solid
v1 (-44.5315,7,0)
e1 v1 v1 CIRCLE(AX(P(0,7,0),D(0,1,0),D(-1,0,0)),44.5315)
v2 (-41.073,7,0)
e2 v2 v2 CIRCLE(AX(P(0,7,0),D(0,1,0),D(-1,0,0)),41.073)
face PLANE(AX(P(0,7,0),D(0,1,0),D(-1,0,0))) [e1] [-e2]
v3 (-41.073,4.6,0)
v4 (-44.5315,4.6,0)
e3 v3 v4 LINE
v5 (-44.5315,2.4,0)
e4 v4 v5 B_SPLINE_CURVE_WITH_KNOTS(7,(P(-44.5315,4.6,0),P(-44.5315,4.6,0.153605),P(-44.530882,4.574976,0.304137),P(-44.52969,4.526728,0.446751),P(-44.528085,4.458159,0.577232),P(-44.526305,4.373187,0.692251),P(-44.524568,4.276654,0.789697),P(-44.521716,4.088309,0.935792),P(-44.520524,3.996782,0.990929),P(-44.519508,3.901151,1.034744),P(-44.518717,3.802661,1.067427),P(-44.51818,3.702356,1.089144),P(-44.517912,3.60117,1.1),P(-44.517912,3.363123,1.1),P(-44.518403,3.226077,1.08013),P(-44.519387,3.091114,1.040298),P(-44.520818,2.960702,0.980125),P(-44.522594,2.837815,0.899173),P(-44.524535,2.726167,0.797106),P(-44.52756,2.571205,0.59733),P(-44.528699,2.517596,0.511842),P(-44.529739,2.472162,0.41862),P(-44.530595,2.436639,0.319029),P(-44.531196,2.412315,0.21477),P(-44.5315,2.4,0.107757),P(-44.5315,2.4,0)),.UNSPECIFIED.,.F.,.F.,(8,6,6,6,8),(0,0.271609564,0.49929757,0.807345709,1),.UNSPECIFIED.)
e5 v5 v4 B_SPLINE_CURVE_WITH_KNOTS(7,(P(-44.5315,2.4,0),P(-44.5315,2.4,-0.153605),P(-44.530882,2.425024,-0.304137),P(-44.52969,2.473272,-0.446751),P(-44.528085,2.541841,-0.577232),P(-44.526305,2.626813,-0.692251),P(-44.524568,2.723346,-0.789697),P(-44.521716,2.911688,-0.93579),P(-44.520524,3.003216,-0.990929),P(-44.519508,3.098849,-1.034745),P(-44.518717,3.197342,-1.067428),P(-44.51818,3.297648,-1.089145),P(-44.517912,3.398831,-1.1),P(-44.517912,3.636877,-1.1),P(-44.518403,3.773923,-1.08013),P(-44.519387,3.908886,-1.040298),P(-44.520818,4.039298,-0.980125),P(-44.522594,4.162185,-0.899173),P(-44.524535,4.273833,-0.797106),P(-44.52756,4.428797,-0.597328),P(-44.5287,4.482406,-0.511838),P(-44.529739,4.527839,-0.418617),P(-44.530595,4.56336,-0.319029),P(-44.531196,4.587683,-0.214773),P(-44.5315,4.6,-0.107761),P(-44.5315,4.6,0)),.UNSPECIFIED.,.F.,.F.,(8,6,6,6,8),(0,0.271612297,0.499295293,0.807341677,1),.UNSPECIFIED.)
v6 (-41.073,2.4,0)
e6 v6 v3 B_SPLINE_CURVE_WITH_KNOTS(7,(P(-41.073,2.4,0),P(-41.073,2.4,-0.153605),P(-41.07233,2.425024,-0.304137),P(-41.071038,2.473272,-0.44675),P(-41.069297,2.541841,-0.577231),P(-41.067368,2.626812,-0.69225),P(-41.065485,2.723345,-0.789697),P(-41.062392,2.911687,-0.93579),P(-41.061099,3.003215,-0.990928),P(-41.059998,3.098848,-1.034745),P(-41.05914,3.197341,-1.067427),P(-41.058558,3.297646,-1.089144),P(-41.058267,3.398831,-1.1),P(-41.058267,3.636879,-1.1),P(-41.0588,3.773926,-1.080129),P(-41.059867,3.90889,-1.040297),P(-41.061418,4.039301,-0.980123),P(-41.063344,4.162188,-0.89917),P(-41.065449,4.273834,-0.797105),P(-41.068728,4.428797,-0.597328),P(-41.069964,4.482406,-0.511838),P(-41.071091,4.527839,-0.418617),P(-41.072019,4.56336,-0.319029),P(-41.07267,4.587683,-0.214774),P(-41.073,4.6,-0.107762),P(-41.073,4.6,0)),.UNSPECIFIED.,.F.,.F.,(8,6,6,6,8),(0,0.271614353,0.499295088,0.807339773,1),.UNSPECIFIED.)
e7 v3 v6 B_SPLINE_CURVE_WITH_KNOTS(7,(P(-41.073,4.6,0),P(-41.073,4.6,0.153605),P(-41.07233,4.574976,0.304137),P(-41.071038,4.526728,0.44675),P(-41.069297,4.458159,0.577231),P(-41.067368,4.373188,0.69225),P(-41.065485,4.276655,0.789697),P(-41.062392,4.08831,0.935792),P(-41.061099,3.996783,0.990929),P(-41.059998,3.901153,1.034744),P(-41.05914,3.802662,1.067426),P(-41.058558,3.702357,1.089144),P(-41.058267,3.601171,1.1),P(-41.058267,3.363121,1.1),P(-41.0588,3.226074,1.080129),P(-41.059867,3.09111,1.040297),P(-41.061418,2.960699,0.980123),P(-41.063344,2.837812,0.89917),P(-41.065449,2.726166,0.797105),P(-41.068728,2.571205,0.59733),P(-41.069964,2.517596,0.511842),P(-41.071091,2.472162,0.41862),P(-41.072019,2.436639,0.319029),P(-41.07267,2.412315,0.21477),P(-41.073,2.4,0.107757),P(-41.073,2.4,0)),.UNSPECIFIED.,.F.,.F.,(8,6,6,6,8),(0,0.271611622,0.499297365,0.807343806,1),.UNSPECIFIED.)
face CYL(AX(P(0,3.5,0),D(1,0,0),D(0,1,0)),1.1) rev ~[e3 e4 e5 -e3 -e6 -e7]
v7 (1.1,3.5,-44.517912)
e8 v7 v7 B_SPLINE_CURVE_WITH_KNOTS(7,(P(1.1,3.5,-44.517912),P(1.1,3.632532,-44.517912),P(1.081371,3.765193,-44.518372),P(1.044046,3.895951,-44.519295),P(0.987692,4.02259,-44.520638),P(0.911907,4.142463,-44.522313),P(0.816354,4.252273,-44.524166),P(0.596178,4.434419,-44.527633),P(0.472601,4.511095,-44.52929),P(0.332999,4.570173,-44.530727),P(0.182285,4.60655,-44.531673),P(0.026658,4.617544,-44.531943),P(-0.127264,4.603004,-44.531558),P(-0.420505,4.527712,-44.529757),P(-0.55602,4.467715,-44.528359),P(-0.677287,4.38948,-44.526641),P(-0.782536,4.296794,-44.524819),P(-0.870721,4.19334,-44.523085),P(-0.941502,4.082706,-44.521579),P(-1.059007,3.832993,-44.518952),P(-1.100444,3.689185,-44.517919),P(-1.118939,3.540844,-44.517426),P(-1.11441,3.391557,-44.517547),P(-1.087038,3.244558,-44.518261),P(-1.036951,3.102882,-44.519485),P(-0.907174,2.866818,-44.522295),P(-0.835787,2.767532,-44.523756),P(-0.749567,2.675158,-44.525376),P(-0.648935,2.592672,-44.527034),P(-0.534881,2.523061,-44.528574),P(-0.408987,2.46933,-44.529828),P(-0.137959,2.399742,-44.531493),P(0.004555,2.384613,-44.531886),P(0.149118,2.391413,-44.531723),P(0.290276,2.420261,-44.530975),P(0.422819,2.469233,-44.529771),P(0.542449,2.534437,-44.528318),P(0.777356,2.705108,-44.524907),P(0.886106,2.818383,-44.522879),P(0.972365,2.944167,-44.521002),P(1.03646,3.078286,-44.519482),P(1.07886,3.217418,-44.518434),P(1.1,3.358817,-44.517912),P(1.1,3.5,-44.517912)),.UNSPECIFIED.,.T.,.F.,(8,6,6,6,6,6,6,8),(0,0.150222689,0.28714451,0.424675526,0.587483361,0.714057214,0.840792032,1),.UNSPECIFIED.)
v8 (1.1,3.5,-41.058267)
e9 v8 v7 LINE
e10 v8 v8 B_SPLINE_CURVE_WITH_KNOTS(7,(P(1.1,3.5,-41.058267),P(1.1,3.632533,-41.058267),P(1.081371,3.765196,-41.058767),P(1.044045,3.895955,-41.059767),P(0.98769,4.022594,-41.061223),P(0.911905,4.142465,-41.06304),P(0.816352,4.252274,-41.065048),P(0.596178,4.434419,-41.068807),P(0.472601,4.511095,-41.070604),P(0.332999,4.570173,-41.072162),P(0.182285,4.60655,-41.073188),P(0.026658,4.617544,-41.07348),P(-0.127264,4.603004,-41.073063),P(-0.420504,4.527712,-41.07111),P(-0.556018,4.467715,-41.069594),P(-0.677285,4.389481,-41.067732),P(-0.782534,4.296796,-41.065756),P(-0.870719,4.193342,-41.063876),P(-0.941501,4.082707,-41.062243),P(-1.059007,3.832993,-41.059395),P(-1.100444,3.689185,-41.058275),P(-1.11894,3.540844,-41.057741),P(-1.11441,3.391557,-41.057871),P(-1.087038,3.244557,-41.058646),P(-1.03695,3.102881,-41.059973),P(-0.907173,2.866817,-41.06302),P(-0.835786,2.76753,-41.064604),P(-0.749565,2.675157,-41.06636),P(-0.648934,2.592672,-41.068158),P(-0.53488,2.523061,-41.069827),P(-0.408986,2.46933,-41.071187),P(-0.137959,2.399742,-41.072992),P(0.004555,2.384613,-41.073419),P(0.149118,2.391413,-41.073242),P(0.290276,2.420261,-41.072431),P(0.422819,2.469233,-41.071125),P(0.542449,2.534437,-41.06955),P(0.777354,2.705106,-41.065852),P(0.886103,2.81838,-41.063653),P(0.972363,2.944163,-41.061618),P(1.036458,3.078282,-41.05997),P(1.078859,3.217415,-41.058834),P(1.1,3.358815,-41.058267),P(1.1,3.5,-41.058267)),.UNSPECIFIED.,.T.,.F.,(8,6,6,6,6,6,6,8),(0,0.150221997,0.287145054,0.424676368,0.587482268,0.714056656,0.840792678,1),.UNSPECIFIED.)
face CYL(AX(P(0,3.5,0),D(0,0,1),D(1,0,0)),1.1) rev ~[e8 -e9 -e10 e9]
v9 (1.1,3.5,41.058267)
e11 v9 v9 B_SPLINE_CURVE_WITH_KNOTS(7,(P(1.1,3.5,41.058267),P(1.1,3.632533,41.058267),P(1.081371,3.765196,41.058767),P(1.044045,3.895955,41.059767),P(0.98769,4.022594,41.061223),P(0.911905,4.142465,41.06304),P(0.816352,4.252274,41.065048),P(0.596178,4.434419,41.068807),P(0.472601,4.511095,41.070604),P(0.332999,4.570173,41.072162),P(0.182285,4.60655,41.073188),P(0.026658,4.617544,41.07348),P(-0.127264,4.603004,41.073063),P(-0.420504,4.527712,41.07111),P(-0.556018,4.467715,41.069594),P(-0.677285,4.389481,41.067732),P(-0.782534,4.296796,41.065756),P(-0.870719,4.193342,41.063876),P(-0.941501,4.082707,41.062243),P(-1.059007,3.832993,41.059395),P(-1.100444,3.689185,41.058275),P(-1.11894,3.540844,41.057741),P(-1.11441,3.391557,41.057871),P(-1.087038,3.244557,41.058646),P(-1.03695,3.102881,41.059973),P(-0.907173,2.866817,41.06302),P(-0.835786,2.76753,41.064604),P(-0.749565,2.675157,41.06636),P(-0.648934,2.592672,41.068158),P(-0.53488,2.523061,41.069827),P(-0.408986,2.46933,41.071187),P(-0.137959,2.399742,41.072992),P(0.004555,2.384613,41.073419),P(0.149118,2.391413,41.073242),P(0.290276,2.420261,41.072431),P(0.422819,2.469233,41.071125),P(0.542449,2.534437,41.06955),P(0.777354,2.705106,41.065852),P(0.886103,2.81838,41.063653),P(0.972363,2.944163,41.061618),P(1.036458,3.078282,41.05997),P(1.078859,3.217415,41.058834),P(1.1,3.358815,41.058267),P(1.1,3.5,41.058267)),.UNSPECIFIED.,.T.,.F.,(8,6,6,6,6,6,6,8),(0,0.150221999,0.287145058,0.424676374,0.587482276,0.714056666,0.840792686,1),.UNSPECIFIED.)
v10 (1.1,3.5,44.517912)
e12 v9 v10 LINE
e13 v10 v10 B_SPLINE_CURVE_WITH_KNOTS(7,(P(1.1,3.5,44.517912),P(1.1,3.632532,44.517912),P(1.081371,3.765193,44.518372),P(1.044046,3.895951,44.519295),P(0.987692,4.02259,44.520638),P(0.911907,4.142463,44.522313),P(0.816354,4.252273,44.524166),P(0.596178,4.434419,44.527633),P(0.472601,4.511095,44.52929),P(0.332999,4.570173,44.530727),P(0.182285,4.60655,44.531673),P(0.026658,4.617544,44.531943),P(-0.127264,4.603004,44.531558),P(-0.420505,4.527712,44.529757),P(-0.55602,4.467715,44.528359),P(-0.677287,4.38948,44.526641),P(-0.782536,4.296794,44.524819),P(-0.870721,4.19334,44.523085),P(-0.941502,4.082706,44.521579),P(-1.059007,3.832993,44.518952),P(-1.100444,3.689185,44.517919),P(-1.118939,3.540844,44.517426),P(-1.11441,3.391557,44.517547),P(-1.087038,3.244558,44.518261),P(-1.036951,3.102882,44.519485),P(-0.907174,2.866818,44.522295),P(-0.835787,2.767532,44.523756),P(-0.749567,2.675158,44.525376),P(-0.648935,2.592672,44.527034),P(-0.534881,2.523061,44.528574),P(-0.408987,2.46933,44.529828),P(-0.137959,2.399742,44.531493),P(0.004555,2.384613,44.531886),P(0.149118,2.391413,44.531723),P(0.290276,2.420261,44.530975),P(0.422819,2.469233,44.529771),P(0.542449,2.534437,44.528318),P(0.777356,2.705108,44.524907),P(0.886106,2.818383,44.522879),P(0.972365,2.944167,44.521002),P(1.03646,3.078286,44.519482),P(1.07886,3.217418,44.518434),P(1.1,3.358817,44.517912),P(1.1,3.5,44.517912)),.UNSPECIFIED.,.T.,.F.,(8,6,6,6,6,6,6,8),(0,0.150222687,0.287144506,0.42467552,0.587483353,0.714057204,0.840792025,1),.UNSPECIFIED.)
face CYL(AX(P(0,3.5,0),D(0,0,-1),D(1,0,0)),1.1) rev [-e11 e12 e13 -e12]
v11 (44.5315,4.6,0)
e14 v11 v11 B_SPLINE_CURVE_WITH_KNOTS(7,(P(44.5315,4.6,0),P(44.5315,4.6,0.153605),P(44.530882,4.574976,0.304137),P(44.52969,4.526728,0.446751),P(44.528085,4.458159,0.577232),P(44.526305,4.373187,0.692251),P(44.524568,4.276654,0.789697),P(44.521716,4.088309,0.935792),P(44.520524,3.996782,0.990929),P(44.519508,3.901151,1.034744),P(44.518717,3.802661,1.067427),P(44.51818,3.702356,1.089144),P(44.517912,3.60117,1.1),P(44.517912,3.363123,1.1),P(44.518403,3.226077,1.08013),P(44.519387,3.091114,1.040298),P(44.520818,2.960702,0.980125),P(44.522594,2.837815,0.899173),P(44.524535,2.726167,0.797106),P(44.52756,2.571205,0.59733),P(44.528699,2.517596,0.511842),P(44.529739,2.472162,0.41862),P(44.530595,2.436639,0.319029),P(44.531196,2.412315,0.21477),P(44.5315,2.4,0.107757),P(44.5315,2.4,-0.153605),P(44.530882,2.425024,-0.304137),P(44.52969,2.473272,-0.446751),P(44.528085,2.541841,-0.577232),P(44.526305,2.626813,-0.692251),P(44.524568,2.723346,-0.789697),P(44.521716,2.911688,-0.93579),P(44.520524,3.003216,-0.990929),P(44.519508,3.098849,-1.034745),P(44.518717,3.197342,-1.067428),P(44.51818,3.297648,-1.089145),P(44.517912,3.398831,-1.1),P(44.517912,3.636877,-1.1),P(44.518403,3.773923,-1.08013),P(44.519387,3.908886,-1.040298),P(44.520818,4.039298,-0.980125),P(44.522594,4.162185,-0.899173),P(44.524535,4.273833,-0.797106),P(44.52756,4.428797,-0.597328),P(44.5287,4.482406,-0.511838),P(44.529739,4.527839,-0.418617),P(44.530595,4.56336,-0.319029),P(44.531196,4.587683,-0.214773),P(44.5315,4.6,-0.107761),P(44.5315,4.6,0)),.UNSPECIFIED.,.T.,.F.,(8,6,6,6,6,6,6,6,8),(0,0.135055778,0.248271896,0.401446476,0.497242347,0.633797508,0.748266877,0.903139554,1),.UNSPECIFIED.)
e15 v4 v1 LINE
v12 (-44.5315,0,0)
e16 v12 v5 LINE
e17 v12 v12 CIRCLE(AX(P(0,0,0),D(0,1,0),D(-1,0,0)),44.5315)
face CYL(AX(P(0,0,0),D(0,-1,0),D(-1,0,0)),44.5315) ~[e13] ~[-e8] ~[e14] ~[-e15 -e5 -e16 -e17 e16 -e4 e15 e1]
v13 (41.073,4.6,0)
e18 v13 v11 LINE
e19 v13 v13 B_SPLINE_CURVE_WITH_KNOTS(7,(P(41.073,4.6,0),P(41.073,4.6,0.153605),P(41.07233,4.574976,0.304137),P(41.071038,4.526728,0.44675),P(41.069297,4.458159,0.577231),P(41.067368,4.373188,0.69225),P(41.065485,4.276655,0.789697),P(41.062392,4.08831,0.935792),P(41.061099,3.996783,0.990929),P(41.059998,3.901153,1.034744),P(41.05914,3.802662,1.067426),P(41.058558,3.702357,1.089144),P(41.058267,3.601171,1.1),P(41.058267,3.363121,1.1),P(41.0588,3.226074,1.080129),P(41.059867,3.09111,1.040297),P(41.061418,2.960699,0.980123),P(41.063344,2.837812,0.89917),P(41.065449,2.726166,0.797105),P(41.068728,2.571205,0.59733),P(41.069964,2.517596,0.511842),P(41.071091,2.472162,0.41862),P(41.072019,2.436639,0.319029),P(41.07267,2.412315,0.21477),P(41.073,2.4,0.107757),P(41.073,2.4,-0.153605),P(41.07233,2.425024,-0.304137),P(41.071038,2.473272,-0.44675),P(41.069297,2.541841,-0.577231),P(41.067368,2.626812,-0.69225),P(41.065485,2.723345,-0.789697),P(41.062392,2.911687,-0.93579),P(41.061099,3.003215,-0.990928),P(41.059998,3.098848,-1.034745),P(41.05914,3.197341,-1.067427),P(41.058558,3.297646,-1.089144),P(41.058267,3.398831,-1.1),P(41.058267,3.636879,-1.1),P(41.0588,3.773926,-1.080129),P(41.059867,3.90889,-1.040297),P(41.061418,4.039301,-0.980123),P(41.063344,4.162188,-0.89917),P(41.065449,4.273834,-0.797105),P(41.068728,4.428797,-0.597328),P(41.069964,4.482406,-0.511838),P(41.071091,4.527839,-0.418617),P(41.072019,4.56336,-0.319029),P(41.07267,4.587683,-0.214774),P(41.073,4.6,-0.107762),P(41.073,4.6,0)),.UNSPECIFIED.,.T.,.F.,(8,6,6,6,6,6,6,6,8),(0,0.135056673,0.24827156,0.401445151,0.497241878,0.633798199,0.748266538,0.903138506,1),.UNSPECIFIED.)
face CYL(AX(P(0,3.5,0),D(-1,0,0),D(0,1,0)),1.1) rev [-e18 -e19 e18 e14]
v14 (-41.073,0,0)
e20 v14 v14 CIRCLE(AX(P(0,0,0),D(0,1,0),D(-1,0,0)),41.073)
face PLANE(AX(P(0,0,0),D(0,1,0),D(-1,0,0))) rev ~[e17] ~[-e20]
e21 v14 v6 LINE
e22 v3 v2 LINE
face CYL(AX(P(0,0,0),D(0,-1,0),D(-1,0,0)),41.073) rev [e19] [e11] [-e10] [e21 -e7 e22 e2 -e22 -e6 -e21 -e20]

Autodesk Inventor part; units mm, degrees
ref_plane "YZ Plane" through (0, 0, 0) normal (1, 0, 0) x (0, 1, 0)
ref_plane "XZ Plane" through (0, 0, 0) normal (0, 1, 0) x (-1, 0, 0)
ref_plane "XY Plane" through (0, 0, 0) normal (0, 0, 1) x (1, 0, 0)
sketch "Sketch1" plane through (0, 0, 0) normal (0, 1, 0) x (-1, 0, 0)
  circle A0 centre (0, 0) radius 41.073
  circle A1 centre (0, 0) radius 44.5315
  dimension "d0" = 82.146
  dimension "d1" = 89.063
extrude "Extrusion1" add sketch "Sketch1" along normal blind 7
sketch "Sketch3" plane through (0, 0, 0) normal (0, 0, 1) x (1, 0, 0)
  circle A0 centre (0, 3.5) radius 1.1
  point P0 (0, 0)
  dimension "d4" = 2.2
extrude "Extrusion2" cut sketch "Sketch3" along normal blind 57 and the other way blind 58.5
sketch "Sketch4" plane through (0, 0, 0) normal (1, 0, 0) x (0, 1, 0)
  circle A0 centre (3.5, 0) radius 1.1
  point P0 (0, 0)
  dimension "d9" = 2.2
extrude "Extrusion3" cut sketch "Sketch4" along normal blind 57 and the other way blind 58.5
properties part number "Sensing Gripper Crown"
